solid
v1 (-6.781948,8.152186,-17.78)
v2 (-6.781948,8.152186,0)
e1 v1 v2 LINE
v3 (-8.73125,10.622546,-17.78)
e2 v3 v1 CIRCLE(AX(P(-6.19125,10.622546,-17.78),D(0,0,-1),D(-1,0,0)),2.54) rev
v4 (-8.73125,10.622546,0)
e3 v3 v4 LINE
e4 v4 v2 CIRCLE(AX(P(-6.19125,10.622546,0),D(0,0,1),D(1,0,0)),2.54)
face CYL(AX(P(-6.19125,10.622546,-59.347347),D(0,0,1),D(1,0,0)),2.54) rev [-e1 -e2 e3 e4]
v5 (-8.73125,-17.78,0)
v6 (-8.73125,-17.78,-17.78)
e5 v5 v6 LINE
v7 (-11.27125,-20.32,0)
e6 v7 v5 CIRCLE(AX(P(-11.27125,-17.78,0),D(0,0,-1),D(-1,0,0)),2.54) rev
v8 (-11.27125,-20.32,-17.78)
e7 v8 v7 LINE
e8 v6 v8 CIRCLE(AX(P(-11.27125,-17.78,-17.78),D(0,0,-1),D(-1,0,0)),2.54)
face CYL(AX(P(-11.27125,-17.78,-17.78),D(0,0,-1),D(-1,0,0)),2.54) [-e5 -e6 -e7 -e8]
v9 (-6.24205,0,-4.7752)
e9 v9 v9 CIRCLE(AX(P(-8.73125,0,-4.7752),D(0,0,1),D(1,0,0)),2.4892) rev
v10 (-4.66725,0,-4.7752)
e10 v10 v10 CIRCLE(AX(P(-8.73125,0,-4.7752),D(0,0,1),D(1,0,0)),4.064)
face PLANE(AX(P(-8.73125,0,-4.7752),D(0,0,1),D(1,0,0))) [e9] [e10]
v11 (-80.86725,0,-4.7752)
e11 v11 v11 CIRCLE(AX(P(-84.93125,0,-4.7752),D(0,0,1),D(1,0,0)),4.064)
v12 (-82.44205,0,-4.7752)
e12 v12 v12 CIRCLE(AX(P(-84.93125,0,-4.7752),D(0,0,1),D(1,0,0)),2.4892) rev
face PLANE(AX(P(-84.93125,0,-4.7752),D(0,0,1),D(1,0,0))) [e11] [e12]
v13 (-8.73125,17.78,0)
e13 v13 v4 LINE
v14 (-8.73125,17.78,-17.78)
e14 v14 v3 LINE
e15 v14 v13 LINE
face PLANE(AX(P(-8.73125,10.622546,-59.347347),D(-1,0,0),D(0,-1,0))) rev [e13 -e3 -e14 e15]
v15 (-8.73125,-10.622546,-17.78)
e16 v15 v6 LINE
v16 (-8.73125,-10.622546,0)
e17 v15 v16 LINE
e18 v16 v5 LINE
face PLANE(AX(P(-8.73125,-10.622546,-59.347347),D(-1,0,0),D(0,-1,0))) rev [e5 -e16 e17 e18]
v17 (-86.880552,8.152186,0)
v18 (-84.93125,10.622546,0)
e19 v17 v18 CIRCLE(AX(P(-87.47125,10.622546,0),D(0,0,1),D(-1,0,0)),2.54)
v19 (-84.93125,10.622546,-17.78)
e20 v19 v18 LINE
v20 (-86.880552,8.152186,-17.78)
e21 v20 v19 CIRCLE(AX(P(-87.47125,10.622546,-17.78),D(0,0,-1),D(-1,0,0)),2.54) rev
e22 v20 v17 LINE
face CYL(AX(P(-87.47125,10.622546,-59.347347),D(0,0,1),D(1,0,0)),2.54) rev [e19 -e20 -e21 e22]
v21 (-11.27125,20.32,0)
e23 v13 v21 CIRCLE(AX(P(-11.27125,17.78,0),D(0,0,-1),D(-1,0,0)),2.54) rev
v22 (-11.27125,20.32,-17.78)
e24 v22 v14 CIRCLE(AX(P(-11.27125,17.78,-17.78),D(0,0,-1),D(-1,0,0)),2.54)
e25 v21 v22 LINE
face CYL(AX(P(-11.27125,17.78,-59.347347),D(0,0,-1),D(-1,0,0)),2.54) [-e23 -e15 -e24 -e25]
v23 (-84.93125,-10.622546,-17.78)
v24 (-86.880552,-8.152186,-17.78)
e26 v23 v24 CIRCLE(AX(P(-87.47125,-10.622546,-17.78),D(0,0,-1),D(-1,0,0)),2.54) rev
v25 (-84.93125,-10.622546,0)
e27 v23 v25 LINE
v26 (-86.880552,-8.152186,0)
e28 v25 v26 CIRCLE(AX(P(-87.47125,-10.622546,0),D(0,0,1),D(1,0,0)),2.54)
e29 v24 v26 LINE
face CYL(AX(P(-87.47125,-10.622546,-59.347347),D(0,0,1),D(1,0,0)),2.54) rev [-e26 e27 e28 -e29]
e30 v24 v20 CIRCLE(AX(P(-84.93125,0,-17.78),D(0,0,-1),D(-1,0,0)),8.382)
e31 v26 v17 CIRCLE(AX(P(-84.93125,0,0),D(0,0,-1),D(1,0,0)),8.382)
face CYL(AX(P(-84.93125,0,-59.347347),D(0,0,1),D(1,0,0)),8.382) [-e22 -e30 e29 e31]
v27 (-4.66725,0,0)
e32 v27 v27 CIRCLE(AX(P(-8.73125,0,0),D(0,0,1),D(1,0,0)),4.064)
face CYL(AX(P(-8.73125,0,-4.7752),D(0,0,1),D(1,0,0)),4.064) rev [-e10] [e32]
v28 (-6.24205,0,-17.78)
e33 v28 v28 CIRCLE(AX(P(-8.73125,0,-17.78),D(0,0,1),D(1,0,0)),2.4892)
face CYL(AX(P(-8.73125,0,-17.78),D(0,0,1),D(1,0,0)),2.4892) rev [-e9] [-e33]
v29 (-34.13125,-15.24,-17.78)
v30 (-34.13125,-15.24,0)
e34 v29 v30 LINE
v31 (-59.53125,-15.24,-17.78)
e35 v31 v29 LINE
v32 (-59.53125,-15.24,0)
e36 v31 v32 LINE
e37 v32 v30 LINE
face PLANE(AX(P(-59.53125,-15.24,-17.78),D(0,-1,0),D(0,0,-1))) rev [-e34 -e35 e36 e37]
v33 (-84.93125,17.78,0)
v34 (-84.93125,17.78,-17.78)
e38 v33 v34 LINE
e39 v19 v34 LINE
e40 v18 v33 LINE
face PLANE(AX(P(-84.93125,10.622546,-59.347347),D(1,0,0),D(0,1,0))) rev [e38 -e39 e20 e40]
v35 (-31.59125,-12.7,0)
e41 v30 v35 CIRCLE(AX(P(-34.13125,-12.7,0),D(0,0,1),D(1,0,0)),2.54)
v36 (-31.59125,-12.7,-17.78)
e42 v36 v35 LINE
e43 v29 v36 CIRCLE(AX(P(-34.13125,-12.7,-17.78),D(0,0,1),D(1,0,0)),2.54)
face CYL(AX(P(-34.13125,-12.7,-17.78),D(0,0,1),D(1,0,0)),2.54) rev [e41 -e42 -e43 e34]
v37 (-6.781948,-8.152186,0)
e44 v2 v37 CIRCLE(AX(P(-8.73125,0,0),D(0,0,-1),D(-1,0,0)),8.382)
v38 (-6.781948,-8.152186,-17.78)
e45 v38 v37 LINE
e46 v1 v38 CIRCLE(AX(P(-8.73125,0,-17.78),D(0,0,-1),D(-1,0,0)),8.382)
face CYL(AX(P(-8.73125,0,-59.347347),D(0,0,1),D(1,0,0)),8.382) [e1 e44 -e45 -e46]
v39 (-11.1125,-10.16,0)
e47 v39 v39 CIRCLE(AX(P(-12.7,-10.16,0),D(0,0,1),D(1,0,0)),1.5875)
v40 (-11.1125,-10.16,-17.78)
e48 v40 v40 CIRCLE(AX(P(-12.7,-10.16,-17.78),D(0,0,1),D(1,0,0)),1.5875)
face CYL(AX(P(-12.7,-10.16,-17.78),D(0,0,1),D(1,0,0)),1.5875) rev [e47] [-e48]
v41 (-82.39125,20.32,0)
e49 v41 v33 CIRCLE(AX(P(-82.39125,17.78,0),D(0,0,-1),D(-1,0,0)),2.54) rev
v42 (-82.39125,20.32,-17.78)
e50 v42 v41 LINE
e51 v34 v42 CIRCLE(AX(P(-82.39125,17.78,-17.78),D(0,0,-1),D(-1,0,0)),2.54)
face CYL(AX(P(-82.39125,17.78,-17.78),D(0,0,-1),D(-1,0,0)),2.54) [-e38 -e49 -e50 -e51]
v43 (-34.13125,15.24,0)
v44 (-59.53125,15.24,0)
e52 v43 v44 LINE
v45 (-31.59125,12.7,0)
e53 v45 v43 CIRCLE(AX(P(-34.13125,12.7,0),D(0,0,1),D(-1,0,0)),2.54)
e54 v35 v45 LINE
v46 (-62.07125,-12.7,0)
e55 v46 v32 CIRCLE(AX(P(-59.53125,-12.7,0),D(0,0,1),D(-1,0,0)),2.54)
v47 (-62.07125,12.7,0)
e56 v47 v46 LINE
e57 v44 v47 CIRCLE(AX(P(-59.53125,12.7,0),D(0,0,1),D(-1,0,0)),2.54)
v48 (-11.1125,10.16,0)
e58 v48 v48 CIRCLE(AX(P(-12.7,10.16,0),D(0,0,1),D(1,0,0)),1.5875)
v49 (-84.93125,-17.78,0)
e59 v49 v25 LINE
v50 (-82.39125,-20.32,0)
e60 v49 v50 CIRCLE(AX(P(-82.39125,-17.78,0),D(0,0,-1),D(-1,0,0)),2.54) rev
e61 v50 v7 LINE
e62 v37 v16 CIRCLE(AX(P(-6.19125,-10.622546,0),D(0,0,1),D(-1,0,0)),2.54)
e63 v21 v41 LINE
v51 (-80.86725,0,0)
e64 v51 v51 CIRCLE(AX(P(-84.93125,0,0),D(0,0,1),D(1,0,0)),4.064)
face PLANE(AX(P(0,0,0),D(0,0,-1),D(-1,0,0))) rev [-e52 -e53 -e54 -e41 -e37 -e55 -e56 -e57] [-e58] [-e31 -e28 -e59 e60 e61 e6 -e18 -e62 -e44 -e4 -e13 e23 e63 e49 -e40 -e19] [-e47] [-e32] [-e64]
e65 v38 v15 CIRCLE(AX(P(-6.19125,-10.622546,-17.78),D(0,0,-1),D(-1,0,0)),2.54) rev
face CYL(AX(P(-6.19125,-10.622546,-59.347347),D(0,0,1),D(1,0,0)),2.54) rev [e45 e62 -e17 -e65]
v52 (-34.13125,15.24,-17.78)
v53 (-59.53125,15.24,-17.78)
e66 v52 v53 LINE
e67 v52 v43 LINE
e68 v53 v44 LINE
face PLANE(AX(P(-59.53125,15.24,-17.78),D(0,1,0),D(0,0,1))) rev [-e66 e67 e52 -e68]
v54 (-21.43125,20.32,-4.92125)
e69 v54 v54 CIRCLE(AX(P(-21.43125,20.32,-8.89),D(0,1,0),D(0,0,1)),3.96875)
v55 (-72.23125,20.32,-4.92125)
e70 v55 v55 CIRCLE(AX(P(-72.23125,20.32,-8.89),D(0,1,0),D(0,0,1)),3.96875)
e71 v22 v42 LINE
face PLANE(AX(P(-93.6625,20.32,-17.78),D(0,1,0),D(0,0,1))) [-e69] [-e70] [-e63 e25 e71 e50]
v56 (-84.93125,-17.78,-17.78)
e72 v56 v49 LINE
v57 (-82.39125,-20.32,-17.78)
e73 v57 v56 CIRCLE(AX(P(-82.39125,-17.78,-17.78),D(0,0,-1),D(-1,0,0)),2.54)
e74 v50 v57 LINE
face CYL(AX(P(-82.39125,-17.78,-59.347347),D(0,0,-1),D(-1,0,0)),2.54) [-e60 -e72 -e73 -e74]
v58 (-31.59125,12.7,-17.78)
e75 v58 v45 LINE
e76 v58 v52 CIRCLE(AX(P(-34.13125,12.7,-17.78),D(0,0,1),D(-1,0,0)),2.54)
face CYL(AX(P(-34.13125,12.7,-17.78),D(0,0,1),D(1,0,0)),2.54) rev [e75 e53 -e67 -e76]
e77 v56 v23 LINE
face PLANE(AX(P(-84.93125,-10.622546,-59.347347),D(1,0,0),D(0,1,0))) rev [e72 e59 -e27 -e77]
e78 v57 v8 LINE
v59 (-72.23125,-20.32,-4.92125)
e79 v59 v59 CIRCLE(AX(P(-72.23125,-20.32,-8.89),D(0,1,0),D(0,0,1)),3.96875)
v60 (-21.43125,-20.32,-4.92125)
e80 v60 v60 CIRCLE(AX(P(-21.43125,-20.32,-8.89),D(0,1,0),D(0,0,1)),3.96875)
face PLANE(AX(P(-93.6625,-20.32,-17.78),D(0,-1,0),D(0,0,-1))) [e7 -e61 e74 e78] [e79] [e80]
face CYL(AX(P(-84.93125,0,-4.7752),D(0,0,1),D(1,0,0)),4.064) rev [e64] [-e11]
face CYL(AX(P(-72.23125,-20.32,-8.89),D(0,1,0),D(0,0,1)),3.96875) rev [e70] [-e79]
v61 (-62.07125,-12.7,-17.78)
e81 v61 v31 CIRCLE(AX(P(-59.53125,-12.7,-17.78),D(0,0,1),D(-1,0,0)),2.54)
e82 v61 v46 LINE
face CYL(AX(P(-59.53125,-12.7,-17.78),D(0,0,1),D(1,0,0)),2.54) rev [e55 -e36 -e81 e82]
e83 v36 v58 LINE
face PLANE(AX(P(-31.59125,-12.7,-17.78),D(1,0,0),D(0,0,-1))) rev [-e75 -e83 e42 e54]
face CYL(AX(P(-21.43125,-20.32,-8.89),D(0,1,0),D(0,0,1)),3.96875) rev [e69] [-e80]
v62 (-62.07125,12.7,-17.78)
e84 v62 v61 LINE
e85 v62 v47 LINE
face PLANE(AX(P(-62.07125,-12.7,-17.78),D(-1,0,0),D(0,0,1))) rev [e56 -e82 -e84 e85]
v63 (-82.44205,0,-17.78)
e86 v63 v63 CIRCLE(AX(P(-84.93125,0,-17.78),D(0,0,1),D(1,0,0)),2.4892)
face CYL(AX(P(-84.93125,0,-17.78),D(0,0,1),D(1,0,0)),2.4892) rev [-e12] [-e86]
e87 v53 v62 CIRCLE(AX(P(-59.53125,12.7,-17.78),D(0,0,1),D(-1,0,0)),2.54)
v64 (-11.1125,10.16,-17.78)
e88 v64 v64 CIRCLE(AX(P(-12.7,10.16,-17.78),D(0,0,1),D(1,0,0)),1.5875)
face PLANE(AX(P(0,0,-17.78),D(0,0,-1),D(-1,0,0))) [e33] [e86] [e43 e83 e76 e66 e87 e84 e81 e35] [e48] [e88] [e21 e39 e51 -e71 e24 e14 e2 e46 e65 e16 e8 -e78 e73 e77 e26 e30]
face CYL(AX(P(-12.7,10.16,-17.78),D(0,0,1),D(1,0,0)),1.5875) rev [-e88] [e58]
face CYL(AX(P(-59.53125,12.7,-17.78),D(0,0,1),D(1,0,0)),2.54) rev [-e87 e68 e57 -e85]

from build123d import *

# Parameters (mm, degrees)
SKETCH1_W           = 93.6625
SKETCH1_H           = 40.64
SKETCH1_R           = 2.4892
SKETCH1_R_2         = 1.5875
BOSS_EXTRUDE1_DEPTH = 17.78
SKETCH6_R           = 3.96875
CUT_EXTRUDE4_DEPTH  = 104.635910312
CUT_EXTRUDE3_DEPTH  = 17.78
FILLET1_R           = 2.54
SKETCH3_R           = 4.064
CUT_EXTRUDE5_DEPTH  = 4.7752
CUT_EXTRUDE6_DEPTH  = 98.141100599


with BuildPart() as part:
    # Sketch1 → Boss-Extrude1 (new body)
    with BuildSketch(Plane.XY):
        with Locations((-46.83125, 0)):
            Rectangle(SKETCH1_W, SKETCH1_H)
        with Locations((-84.93125, 0)):
            Circle(SKETCH1_R, mode=Mode.SUBTRACT)
        with Locations((-8.73125, 0)):
            Circle(SKETCH1_R, mode=Mode.SUBTRACT)
        with Locations((-12.7, 10.16)):
            Circle(SKETCH1_R_2, mode=Mode.SUBTRACT)
        with Locations((-12.7, -10.16)):
            Circle(SKETCH1_R_2, mode=Mode.SUBTRACT)
    extrude(amount=-BOSS_EXTRUDE1_DEPTH)

    # Sketch6 → Cut-Extrude4 (cut, through all)
    with BuildSketch(Plane(origin=(0, 20.32, 0), x_dir=(1, 0, 0), z_dir=(0, 1, 0))):
        with Locations(Location((-72.23125, 8.89, 0), (0, 0, 270))):
            Circle(SKETCH6_R)
        with Locations(Location((-21.43125, 8.89, 0), (0, 0, 270))):
            Circle(SKETCH6_R)
    extrude(amount=-CUT_EXTRUDE4_DEPTH, mode=Mode.SUBTRACT)

    # Sketch5 → Cut-Extrude3 (cut)
    with BuildSketch(Plane.XY):
        with BuildLine():
            Line((-93.6625, -20.32), (-93.6625, 20.32))
            Line((-93.6625, 20.32), (-84.93125, 20.32))
            Line((-84.93125, 20.32), (-84.93125, 10.622546022))
            ThreePointArc((-84.93125, 10.622546022), (-85.477262526, 9.049137635), (-86.880552326, 8.152186482))
            ThreePointArc((-86.880552326, 8.152186482), (-93.31325, 0), (-86.880552326, -8.152186482))
            ThreePointArc((-86.880552326, -8.152186482), (-85.477262526, -9.049137635), (-84.93125, -10.622546022))
            Line((-84.93125, -10.622546022), (-84.93125, -20.32))
            Line((-84.93125, -20.32), (-93.6625, -20.32))
        make_face()
        with BuildLine():
            Line((0, -20.32), (0, 20.32))
            Line((0, 20.32), (-8.73125, 20.32))
            Line((-8.73125, 20.32), (-8.73125, 10.622546022))
            ThreePointArc((-8.73125, 10.622546022), (-8.185237474, 9.049137635), (-6.781947674, 8.152186482))
            ThreePointArc((-6.781947674, 8.152186482), (-0.34925, 0), (-6.781947674, -8.152186482))
            ThreePointArc((-6.781947674, -8.152186482), (-8.185237474, -9.049137635), (-8.73125, -10.622546022))
            Line((-8.73125, -10.622546022), (-8.73125, -20.32))
            Line((-8.73125, -20.32), (0, -20.32))
        make_face()
    extrude(amount=-CUT_EXTRUDE3_DEPTH, mode=Mode.SUBTRACT)

    # Fillet1
    fillet1_edges = [part.edges().sort_by_distance(p)[0] for p in [
        (-84.93125, 20.32, -8.89),
        (-84.93125, -20.32, -8.89),
        (-8.73125, 20.32, -8.89),
        (-8.73125, -20.32, -8.89),
    ]]
    fillet(fillet1_edges, radius=FILLET1_R)

    # Sketch3 → Cut-Extrude5 (cut)
    with BuildSketch(Plane.XY):
        with Locations((-84.93125, 0)):
            Circle(SKETCH3_R)
        with Locations((-8.73125, 0)):
            Circle(SKETCH3_R)
    extrude(amount=-CUT_EXTRUDE5_DEPTH, mode=Mode.SUBTRACT)

    # Sketch7 → Cut-Extrude6 (cut, through all)
    with BuildSketch(Plane.XY):
        with BuildLine():
            Line((-59.53125, -15.24), (-34.13125, -15.24))
            ThreePointArc((-34.13125, -15.24), (-32.335198776, -14.496051224), (-31.59125, -12.7))
            Line((-31.59125, -12.7), (-31.59125, 12.7))
            ThreePointArc((-31.59125, 12.7), (-32.335198776, 14.496051224), (-34.13125, 15.24))
            Line((-34.13125, 15.24), (-59.53125, 15.24))
            ThreePointArc((-59.53125, 15.24), (-61.327301224, 14.496051224), (-62.07125, 12.7))
            Line((-62.07125, 12.7), (-62.07125, -12.7))
            ThreePointArc((-62.07125, -12.7), (-61.327301224, -14.496051224), (-59.53125, -15.24))
        make_face()
    extrude(amount=-CUT_EXTRUDE6_DEPTH, mode=Mode.SUBTRACT)


solid = part.part
